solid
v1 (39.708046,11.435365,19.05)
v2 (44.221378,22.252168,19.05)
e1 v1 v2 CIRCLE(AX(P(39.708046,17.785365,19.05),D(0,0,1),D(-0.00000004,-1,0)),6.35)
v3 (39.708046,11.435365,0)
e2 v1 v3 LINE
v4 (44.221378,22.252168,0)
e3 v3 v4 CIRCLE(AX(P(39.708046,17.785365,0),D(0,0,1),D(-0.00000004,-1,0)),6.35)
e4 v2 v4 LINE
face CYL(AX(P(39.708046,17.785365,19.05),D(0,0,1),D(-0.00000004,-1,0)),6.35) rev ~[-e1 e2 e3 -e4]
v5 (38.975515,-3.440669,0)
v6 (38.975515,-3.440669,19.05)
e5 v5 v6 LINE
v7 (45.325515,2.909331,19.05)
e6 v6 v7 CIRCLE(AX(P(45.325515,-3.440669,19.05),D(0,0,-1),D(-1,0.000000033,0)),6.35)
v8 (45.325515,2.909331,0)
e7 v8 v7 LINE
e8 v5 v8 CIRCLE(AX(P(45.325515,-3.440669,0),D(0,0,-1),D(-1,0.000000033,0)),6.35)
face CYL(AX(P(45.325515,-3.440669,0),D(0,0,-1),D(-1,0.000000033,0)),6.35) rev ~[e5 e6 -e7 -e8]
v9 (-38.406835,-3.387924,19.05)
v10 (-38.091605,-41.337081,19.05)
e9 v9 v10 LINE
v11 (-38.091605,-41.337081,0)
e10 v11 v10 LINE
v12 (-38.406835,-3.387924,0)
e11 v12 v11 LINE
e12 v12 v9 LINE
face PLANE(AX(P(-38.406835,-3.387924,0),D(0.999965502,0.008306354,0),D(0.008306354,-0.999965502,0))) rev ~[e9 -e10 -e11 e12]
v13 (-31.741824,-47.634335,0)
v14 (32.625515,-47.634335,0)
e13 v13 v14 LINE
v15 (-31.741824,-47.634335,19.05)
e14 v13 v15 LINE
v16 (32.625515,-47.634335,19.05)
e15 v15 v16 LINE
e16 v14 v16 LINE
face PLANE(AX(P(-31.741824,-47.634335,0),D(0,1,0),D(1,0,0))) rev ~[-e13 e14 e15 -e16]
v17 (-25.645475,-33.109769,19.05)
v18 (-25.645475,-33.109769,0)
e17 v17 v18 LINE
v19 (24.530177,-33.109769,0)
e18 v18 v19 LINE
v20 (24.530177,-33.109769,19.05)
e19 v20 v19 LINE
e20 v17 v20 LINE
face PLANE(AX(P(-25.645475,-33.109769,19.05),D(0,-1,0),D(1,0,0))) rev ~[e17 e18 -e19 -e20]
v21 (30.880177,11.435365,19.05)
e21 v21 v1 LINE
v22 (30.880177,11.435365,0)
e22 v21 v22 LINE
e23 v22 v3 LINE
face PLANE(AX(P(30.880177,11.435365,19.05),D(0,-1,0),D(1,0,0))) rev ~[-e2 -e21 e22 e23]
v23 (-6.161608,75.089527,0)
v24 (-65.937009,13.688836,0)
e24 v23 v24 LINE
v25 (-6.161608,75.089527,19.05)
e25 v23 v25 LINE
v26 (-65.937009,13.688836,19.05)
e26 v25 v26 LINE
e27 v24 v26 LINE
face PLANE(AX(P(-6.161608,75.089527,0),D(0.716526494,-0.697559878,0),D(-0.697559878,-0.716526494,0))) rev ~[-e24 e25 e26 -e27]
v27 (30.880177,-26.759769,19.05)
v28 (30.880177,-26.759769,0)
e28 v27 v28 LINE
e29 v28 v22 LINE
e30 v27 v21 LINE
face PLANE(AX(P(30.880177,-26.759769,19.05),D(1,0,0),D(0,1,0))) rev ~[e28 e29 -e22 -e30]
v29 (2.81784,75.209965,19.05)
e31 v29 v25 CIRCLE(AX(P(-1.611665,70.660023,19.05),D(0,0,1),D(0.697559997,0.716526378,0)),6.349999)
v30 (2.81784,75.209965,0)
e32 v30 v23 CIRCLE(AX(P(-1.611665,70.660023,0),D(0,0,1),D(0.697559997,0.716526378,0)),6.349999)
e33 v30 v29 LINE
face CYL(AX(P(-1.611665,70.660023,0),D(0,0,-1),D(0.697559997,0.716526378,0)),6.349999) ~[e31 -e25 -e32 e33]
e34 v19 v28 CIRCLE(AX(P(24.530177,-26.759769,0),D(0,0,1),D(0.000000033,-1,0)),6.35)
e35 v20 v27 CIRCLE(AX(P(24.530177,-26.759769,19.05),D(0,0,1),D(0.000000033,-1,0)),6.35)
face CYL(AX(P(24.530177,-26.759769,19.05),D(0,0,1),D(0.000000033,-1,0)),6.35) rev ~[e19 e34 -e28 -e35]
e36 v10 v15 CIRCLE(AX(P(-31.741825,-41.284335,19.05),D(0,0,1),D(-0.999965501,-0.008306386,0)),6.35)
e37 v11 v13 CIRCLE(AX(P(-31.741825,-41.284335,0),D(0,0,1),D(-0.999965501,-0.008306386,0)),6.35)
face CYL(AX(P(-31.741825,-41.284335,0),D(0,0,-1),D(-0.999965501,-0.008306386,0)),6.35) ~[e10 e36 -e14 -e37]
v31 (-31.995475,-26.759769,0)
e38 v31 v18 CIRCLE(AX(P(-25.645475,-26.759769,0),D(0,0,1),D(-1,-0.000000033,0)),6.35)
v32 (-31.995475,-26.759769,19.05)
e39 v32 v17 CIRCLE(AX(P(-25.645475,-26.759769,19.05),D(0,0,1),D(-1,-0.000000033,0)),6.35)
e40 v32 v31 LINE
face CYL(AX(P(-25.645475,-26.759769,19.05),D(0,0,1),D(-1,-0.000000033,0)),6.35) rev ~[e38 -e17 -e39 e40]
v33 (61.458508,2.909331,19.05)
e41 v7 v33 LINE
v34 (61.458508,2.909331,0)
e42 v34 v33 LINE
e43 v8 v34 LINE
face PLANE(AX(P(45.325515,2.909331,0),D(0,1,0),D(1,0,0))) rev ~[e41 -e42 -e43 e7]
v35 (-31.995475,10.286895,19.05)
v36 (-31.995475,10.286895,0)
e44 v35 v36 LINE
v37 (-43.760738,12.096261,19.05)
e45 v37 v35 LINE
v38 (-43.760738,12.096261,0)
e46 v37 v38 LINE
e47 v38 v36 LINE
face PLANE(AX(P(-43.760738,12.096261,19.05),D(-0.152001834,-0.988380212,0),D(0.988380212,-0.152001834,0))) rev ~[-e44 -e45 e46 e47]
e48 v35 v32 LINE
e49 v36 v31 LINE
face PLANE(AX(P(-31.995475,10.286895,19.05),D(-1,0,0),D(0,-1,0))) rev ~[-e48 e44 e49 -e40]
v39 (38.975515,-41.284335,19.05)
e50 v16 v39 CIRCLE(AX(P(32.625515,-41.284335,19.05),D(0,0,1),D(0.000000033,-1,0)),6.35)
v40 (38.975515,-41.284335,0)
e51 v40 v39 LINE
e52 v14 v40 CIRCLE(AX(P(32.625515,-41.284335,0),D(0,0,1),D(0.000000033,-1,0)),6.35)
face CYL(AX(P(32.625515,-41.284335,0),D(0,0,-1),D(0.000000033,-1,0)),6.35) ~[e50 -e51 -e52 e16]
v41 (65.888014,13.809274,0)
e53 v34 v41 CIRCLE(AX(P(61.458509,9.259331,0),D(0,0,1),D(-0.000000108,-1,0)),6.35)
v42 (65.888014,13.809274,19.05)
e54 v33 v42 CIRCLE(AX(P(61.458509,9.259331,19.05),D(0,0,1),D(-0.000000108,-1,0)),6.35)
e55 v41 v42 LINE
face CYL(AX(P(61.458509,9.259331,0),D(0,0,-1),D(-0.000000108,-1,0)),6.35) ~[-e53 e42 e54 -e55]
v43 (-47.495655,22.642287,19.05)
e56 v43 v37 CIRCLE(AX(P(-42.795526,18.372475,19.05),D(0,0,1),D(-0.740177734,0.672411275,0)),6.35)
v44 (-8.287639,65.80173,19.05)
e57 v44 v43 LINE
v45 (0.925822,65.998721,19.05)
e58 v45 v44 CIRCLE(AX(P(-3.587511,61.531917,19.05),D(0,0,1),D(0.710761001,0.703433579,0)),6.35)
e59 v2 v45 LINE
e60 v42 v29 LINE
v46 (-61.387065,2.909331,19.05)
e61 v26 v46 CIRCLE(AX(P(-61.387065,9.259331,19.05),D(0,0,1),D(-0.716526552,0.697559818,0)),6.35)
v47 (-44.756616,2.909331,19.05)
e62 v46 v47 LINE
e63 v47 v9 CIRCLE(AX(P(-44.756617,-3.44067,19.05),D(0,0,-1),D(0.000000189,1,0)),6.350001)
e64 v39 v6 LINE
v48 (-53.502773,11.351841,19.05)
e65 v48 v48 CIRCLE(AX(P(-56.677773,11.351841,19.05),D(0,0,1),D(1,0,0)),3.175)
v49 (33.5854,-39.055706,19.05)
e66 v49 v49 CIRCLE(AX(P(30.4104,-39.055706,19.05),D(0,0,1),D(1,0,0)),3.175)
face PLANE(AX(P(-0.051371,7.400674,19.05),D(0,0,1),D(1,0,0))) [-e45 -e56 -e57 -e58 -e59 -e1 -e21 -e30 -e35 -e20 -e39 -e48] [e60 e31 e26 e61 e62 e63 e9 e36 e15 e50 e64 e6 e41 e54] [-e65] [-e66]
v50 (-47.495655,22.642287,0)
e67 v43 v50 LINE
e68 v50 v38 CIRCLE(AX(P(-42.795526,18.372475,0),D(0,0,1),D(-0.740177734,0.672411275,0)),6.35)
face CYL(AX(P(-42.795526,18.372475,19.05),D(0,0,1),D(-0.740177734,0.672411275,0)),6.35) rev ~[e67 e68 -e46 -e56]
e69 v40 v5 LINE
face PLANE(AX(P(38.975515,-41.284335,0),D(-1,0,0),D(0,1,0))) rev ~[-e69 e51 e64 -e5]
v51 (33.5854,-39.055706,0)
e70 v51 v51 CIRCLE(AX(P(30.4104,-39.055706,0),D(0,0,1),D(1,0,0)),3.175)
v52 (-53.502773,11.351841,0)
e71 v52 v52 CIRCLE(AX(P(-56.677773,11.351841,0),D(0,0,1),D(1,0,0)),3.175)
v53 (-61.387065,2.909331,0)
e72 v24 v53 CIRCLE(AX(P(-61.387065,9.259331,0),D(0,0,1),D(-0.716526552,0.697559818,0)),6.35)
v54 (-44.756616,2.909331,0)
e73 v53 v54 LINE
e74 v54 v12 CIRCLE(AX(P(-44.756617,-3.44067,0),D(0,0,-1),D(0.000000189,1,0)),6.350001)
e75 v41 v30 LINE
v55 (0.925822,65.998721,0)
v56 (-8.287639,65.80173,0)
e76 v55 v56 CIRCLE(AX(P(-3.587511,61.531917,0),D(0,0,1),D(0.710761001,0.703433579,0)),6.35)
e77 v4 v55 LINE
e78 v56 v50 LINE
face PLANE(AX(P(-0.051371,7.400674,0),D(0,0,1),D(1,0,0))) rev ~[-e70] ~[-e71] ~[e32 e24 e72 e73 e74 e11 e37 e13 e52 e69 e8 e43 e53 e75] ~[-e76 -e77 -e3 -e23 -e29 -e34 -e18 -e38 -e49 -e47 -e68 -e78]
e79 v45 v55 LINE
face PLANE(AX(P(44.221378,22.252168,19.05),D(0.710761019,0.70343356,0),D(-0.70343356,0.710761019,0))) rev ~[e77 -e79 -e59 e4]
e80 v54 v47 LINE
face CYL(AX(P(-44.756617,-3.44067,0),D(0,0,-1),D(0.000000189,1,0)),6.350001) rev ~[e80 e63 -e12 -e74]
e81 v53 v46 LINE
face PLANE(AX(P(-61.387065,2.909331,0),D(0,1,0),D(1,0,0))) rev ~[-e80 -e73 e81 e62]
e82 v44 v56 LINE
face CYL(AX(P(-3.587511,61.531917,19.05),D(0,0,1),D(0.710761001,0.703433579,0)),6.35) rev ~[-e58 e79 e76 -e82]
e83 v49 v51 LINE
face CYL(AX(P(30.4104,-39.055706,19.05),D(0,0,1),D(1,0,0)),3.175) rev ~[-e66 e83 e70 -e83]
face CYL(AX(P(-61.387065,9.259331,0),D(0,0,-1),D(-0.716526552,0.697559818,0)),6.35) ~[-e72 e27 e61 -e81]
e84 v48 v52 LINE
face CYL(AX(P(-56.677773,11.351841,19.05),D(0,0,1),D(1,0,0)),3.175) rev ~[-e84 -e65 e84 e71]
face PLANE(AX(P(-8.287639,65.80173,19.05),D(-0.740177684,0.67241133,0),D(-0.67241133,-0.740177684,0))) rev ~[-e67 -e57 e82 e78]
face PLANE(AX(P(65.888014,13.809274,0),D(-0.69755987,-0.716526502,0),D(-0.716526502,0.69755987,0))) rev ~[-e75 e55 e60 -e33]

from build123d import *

# Parameters (mm, degrees)
F1_DEPTH = 19.05
F3_R     = 3.175
F4_DEPTH = 19.051
F6_DEPTH = 19.051


with BuildPart() as f1:
    # F0 (on Top) → F1 (new body)
    with BuildSketch(Plane.XY):
        with BuildLine():
            ThreePointArc((38.975515, -3.440669), (40.835387, 1.049459), (45.325515, 2.909331))
            Line((45.325515, 2.909331), (61.458508, 2.909331))
            ThreePointArc((61.458508, 2.909331), (67.341307, 6.868686), (65.888014, 13.809274))
            Line((65.888014, 13.809274), (2.81784, 75.209965))
            ThreePointArc((2.81784, 75.209965), (-1.696828, 77.009451), (-6.161608, 75.089527))
            Line((-6.161608, 75.089527), (-65.937009, 13.688836))
            ThreePointArc((-65.937009, 13.688836), (-67.237273, 6.790005), (-61.387065, 2.909331))
            Line((-61.387065, 2.909331), (-44.756616, 2.909331))
            ThreePointArc((-44.756616, 2.909331), (-40.285175, 1.068068), (-38.406835, -3.387924))
            Line((-38.406835, -3.387924), (-38.091605, -41.337081))
            ThreePointArc((-38.091605, -41.337081), (-36.213265, -45.793073), (-31.741824, -47.634335))
            Line((-31.741824, -47.634335), (32.625515, -47.634335))
            ThreePointArc((32.625515, -47.634335), (37.115643, -45.774463), (38.975515, -41.284335))
            Line((38.975515, -41.284335), (38.975515, -3.440669))
        make_face()
    extrude(amount=F1_DEPTH)

    # F3 (on face) → F4 (cut, through all)
    with BuildSketch(Plane.XY.offset(19.05)):
        with Locations((-56.677773, 11.351841)):
            Circle(F3_R)
        with Locations((30.4104, -39.055706)):
            Circle(F3_R)
    extrude(amount=-F4_DEPTH, mode=Mode.SUBTRACT)

    # F5 (on face) → F6 (cut, through all)
    with BuildSketch(Plane.XY.offset(19.05)):
        with BuildLine():
            Line((-8.287639, 65.80173), (-47.495655, 22.642287))
            ThreePointArc((-47.495655, 22.642287), (-48.781233, 16.252613), (-43.760738, 12.096261))
            Line((-43.760738, 12.096261), (-31.995475, 10.286895))
            Line((-31.995475, 10.286895), (-31.995475, -26.759769))
            ThreePointArc((-31.995475, -26.759769), (-30.135603, -31.249897), (-25.645475, -33.109769))
            Line((-25.645475, -33.109769), (24.530177, -33.109769))
            ThreePointArc((24.530177, -33.109769), (29.020305, -31.249897), (30.880177, -26.759769))
            Line((30.880177, -26.759769), (30.880177, 11.435365))
            Line((30.880177, 11.435365), (39.708046, 11.435365))
            ThreePointArc((39.708046, 11.435365), (45.568366, 15.340135), (44.221378, 22.252168))
            Line((44.221378, 22.252168), (0.925822, 65.998721))
            ThreePointArc((0.925822, 65.998721), (-3.723247, 67.880467), (-8.287639, 65.80173))
        make_face()
    extrude(amount=-F6_DEPTH, mode=Mode.SUBTRACT)


solid = f1.part
